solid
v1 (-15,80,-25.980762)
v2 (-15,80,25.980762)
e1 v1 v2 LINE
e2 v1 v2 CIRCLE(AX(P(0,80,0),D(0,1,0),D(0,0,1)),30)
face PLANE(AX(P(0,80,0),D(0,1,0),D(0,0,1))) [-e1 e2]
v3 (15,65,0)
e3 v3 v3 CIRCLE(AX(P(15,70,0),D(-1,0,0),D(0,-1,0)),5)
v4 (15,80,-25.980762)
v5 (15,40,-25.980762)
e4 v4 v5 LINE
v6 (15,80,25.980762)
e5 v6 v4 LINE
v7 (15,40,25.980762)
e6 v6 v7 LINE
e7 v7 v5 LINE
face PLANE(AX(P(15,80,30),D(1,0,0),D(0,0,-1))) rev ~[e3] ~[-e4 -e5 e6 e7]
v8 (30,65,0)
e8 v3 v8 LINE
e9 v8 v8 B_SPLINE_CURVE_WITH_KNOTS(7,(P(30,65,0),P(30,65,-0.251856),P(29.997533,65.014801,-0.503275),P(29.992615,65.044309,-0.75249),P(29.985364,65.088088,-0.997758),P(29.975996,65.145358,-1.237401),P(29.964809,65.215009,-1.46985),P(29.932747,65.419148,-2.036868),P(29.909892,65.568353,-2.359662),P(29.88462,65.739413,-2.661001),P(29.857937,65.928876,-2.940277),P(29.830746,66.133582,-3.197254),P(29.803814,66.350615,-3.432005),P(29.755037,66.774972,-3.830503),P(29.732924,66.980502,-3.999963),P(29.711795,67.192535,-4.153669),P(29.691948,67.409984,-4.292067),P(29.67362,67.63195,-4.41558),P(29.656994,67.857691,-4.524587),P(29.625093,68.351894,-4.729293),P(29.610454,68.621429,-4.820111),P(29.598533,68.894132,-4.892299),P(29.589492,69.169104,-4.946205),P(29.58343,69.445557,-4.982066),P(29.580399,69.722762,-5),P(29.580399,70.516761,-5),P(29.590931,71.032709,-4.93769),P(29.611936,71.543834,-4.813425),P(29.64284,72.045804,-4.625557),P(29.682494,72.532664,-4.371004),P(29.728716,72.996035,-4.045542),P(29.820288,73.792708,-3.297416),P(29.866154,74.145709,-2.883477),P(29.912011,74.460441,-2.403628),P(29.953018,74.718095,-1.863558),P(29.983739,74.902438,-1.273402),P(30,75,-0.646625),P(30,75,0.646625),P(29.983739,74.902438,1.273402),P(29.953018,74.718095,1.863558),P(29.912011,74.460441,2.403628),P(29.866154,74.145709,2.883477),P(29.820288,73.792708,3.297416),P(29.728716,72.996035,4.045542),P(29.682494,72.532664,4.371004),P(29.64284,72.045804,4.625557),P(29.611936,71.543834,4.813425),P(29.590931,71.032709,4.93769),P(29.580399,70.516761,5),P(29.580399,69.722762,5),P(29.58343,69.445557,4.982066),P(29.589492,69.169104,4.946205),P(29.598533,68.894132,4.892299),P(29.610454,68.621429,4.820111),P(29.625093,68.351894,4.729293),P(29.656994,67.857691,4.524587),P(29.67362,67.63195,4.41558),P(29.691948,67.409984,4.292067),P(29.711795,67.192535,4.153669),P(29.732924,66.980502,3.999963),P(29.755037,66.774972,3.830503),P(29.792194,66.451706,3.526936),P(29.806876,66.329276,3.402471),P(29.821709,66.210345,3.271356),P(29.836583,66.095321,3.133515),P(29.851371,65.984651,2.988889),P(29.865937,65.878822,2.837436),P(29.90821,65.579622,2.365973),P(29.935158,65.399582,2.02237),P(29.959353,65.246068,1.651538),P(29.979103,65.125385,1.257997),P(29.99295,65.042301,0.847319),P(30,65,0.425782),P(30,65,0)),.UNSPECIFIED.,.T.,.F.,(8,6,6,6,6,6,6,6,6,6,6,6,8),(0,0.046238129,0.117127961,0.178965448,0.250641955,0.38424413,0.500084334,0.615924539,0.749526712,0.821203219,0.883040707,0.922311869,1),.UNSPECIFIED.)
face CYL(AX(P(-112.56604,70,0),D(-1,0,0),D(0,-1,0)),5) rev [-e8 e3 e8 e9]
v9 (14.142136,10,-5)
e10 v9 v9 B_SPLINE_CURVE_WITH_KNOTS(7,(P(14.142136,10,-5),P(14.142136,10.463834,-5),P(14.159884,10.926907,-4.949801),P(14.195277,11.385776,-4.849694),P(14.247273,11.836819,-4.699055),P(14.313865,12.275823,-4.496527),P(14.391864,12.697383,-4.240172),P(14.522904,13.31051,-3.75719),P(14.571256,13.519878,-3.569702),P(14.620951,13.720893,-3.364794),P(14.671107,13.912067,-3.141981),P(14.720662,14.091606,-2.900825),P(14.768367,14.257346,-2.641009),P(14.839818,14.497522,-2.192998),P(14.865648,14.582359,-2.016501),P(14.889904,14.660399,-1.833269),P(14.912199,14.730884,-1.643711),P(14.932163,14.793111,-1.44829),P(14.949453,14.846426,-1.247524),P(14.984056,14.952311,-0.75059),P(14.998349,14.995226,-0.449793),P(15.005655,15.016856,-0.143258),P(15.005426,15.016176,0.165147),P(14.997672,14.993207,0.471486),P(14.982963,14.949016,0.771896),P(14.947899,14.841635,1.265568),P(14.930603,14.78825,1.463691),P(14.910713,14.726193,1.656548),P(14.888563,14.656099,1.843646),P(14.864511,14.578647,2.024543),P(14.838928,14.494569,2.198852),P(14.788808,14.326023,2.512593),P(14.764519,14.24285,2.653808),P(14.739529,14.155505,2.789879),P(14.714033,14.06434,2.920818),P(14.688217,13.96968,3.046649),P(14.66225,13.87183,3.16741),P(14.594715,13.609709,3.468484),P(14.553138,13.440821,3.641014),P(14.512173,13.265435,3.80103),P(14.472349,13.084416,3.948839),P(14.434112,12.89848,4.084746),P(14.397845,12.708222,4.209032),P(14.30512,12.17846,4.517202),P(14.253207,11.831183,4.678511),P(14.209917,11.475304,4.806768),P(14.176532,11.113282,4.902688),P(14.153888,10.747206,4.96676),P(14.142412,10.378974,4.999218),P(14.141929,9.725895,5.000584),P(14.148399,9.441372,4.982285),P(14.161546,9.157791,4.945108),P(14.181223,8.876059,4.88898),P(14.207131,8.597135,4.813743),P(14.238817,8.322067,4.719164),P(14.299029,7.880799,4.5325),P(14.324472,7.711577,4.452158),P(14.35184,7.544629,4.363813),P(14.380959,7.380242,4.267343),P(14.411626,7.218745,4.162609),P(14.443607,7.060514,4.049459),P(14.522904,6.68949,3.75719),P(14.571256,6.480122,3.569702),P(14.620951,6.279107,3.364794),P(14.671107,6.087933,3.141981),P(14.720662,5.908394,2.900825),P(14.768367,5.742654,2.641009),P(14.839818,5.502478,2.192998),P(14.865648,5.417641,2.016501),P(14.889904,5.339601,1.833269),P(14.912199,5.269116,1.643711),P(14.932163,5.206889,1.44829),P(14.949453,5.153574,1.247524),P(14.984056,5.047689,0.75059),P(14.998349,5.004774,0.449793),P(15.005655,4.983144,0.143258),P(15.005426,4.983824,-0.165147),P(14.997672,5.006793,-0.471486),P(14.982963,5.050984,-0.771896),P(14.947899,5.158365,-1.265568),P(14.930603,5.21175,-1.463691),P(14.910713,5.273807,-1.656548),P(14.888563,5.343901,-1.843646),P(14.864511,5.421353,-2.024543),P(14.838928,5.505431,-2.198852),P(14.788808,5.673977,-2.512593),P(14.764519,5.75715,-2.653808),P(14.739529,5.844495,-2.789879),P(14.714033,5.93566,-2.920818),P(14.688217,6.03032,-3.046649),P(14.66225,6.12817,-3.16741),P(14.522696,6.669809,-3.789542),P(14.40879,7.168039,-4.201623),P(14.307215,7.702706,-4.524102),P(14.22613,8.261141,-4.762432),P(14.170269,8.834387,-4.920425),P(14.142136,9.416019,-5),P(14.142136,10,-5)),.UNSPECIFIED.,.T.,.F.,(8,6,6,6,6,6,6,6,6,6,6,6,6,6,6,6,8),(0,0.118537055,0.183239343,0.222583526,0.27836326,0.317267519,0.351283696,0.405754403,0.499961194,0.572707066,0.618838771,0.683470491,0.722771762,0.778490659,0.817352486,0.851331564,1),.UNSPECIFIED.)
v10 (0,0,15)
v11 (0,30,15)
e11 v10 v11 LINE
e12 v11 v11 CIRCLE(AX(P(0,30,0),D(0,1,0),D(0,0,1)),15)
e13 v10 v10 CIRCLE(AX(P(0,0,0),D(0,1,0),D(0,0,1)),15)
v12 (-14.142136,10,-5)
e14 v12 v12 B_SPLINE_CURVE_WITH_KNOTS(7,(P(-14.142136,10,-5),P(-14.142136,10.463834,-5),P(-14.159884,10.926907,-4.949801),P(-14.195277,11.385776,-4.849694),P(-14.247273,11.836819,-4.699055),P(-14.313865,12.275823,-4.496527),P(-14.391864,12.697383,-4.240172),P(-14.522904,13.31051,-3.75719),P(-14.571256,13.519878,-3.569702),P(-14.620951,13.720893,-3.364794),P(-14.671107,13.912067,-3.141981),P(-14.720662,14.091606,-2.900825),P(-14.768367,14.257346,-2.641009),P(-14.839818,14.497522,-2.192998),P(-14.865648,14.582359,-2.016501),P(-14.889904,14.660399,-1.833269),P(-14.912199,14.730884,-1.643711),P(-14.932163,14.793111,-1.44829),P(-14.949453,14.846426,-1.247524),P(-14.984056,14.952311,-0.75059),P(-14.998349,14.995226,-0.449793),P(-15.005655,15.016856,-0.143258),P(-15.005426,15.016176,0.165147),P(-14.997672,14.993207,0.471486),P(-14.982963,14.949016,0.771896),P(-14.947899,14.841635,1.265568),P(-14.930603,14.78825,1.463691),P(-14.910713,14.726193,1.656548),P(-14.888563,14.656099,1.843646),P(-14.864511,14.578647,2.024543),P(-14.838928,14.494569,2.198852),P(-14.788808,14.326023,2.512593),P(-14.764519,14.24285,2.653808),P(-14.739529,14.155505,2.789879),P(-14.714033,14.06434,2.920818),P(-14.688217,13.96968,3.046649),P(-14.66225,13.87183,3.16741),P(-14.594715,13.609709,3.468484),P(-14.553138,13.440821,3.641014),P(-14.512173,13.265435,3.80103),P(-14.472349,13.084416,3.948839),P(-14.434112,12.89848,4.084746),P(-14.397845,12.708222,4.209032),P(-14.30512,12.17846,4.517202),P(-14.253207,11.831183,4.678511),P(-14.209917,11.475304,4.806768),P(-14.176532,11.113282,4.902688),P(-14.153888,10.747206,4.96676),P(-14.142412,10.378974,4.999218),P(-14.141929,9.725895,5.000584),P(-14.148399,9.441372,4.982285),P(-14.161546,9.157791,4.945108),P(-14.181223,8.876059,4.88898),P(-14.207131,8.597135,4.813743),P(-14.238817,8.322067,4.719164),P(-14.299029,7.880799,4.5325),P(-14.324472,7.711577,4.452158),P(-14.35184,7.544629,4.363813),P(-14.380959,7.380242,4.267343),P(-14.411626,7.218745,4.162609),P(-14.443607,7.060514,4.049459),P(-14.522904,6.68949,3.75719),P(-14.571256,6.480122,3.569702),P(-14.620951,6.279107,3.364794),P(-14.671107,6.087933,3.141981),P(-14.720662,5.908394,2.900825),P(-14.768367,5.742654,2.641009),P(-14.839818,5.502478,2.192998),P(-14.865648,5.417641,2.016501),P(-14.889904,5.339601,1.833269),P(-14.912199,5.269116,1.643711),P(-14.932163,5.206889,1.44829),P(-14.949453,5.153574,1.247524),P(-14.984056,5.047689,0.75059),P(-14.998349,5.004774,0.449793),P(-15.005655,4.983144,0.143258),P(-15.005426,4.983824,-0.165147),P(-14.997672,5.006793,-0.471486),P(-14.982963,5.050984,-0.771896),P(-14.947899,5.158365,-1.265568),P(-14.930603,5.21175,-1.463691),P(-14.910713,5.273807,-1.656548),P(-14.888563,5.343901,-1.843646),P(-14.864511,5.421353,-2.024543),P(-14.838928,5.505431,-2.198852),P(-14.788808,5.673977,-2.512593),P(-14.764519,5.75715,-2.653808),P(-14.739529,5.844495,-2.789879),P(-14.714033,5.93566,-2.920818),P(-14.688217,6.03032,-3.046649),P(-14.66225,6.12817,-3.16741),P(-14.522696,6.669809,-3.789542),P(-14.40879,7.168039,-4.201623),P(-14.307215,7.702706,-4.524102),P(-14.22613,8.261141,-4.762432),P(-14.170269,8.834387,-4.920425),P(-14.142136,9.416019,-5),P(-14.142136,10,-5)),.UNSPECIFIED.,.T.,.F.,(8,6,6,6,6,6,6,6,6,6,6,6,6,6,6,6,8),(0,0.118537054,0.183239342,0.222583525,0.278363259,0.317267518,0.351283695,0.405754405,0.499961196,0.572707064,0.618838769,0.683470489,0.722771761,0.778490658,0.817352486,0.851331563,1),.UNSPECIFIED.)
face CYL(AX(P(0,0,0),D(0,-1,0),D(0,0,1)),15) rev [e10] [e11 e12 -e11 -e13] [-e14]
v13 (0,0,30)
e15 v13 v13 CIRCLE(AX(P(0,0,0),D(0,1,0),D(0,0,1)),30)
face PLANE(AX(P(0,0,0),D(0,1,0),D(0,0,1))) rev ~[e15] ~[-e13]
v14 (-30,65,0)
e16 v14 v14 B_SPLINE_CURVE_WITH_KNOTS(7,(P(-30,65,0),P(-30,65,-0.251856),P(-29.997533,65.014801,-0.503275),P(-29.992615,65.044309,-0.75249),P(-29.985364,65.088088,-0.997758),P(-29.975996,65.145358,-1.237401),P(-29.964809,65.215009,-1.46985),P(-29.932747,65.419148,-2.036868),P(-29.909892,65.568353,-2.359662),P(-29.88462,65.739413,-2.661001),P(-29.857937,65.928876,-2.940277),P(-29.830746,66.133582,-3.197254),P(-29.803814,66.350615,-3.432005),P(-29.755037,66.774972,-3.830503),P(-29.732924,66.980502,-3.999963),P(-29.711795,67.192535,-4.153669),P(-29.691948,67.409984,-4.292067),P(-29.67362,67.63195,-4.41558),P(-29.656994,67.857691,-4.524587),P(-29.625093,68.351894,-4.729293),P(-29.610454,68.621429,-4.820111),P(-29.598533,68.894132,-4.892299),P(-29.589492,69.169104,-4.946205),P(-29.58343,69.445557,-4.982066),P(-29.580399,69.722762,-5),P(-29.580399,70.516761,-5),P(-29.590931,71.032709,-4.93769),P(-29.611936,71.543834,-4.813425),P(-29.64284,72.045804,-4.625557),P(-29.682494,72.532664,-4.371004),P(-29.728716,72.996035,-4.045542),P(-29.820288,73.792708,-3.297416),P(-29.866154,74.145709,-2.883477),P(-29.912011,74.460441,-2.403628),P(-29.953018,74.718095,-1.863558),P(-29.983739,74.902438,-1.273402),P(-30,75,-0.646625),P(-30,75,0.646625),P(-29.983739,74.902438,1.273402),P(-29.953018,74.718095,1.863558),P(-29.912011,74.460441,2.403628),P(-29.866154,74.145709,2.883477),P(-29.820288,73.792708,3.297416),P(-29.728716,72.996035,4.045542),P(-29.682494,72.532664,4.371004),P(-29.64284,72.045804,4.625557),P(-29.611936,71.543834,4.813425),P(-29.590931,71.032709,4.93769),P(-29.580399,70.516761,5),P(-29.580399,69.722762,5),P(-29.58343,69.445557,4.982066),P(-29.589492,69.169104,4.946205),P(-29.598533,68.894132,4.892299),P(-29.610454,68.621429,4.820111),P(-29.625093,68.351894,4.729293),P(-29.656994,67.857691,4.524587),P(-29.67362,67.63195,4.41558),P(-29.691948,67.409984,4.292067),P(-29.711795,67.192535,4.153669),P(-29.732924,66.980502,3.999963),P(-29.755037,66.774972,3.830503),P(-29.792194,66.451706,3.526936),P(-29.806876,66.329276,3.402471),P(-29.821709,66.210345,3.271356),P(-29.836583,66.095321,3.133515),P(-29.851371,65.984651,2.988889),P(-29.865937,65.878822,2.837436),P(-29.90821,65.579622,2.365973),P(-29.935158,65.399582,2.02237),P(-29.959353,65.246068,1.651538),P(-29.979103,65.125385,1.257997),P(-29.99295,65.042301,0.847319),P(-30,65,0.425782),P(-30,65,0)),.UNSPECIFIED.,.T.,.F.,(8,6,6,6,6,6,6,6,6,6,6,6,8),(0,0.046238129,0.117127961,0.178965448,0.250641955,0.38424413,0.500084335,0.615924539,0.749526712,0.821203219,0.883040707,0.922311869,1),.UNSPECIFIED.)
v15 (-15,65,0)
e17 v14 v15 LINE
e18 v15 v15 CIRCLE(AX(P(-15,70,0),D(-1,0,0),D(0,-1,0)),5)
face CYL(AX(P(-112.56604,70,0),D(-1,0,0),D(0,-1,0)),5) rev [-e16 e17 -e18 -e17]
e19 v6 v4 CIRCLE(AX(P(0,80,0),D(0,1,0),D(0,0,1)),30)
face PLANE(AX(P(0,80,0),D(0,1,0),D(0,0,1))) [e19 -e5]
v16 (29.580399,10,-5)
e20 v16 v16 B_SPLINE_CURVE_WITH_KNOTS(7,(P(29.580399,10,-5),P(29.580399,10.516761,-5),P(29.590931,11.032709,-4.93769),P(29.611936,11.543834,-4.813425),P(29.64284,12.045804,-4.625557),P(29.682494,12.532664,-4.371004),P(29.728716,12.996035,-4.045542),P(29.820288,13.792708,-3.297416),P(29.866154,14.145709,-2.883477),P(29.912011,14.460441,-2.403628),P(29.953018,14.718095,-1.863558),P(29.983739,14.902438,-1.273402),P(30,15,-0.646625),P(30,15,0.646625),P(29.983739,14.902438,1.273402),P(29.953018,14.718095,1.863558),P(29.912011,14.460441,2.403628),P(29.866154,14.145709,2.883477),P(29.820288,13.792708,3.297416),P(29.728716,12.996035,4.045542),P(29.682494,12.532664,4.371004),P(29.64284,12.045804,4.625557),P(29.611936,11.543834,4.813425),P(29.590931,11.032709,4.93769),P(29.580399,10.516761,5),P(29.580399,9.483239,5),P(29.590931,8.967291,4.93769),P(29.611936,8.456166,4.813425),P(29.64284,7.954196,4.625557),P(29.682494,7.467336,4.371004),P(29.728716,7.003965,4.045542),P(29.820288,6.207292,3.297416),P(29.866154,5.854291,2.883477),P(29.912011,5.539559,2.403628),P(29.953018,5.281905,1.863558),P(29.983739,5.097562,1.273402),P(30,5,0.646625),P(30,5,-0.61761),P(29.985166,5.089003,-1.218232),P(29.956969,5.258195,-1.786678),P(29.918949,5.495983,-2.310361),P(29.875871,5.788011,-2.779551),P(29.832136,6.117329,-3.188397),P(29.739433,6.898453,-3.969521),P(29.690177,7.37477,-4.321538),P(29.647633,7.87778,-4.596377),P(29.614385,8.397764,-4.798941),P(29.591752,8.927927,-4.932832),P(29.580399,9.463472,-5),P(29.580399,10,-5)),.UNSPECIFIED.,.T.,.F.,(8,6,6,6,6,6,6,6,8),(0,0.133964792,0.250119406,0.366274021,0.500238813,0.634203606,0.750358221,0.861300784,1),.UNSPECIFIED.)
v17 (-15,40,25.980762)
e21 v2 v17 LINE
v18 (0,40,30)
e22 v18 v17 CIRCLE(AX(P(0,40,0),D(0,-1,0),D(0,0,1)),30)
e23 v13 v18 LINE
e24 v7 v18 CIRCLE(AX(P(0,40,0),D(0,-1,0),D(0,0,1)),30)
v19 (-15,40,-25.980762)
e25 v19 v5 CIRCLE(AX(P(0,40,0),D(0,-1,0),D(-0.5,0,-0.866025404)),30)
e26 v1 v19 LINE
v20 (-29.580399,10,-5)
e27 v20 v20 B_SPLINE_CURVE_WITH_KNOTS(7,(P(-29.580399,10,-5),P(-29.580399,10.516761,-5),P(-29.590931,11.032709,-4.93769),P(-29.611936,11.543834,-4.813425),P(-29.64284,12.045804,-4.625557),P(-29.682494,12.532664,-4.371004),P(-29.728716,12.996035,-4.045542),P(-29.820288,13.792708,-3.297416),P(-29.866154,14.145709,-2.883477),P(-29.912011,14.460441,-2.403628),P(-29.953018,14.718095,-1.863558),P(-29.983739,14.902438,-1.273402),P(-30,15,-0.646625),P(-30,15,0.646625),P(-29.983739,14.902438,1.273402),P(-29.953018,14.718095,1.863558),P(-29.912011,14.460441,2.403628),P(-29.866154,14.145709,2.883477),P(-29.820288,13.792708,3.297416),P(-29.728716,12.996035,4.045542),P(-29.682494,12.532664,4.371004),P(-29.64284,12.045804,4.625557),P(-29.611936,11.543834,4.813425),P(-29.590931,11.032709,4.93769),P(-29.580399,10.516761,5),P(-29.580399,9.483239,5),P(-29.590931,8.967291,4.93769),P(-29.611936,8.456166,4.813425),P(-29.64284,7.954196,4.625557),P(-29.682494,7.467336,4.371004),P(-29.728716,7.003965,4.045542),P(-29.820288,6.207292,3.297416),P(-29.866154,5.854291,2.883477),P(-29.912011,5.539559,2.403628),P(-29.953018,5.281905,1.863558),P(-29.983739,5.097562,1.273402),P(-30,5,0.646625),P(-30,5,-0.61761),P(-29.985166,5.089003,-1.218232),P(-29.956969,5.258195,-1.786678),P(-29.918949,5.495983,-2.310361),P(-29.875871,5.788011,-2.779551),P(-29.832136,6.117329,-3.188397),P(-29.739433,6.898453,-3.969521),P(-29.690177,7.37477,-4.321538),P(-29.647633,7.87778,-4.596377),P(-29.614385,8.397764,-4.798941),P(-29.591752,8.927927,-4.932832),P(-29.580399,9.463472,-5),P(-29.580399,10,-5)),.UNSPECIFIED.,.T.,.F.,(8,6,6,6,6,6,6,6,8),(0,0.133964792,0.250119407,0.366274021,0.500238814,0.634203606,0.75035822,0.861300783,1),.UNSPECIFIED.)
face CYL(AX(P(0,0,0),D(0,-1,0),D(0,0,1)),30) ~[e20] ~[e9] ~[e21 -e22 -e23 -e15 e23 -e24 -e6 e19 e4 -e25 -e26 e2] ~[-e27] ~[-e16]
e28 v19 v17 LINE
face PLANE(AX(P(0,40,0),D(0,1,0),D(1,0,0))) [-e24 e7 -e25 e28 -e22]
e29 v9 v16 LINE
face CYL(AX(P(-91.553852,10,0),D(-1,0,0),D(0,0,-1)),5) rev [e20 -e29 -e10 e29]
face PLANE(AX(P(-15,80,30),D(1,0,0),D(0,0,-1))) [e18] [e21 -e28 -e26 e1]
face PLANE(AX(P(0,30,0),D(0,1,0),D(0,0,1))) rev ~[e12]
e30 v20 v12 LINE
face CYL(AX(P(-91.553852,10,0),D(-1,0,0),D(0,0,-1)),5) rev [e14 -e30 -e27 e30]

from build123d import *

# Parameters (mm, degrees)
SKETCH1_R               = 30
SKETCH1_R_2             = 15
BOSS_EXTRUDE1_DEPTH     = 80
SKETCH2_W               = 30
SKETCH2_H               = 60
CUT_EXTRUDE1_DEPTH      = 40
CUT_EXTRUDE2_DEPTH      = 97.566039579
CUT_EXTRUDE2_DEPTH_BACK = 97.566039579
SKETCH3_R               = 5
BOSS_EXTRUDE2_START     = -10
SKETCH4_R               = 15
BOSS_EXTRUDE2_DEPTH     = 10
CUT_EXTRUDE3_DEPTH      = 91.553851536
CUT_EXTRUDE3_DEPTH_BACK = 91.553851536
SKETCH5_R               = 5


with BuildPart() as part:
    # Sketch1 → Boss-Extrude1 (new body)
    with BuildSketch(Plane(origin=(0, 0, 0), x_dir=(1, 0, 0), z_dir=(0, 1, 0))):
        with Locations(Location((0, 0, 0), (0, 0, 270))):
            Circle(SKETCH1_R)
        with Locations(Location((0, 0, 0), (0, 0, 270))):
            Circle(SKETCH1_R_2, mode=Mode.SUBTRACT)
    extrude(amount=BOSS_EXTRUDE1_DEPTH)

    # Sketch2 → Cut-Extrude1 (cut)
    with BuildSketch(Plane(origin=(0, 80, 0), x_dir=(1, 0, 0), z_dir=(0, 1, 0))):
        Rectangle(SKETCH2_W, SKETCH2_H)
    extrude(amount=-CUT_EXTRUDE1_DEPTH, mode=Mode.SUBTRACT)

    # Sketch3 → Cut-Extrude2 (cut, two sides: drawn at the far end of the back side and taken through both)
    with BuildSketch(Plane(origin=(-15, 0, 0), x_dir=(0, 0, -1), z_dir=(1, 0, 0)).offset(-CUT_EXTRUDE2_DEPTH_BACK)):
        with Locations(Location((0, 70, 0), (0, 0, 270))):
            Circle(SKETCH3_R)
    extrude(amount=CUT_EXTRUDE2_DEPTH + CUT_EXTRUDE2_DEPTH_BACK, mode=Mode.SUBTRACT)

    # Sketch4 → Boss-Extrude2 (add)
    with BuildSketch(Plane(origin=(0, 40, 0), x_dir=(1, 0, 0), z_dir=(0, 1, 0)).offset(BOSS_EXTRUDE2_START)):
        with Locations(Location((0, 0, 0), (0, 0, 270))):
            Circle(SKETCH4_R)
    extrude(amount=BOSS_EXTRUDE2_DEPTH)

    # Sketch5 → Cut-Extrude3 (cut, two sides: drawn at the far end of the back side and taken through both)
    with BuildSketch(Plane(origin=(0, 0, 0), x_dir=(0, 0, -1), z_dir=(1, 0, 0)).offset(-CUT_EXTRUDE3_DEPTH_BACK)):
        with Locations((0, 10)):
            Circle(SKETCH5_R)
    extrude(amount=CUT_EXTRUDE3_DEPTH + CUT_EXTRUDE3_DEPTH_BACK, mode=Mode.SUBTRACT)


solid = part.part
